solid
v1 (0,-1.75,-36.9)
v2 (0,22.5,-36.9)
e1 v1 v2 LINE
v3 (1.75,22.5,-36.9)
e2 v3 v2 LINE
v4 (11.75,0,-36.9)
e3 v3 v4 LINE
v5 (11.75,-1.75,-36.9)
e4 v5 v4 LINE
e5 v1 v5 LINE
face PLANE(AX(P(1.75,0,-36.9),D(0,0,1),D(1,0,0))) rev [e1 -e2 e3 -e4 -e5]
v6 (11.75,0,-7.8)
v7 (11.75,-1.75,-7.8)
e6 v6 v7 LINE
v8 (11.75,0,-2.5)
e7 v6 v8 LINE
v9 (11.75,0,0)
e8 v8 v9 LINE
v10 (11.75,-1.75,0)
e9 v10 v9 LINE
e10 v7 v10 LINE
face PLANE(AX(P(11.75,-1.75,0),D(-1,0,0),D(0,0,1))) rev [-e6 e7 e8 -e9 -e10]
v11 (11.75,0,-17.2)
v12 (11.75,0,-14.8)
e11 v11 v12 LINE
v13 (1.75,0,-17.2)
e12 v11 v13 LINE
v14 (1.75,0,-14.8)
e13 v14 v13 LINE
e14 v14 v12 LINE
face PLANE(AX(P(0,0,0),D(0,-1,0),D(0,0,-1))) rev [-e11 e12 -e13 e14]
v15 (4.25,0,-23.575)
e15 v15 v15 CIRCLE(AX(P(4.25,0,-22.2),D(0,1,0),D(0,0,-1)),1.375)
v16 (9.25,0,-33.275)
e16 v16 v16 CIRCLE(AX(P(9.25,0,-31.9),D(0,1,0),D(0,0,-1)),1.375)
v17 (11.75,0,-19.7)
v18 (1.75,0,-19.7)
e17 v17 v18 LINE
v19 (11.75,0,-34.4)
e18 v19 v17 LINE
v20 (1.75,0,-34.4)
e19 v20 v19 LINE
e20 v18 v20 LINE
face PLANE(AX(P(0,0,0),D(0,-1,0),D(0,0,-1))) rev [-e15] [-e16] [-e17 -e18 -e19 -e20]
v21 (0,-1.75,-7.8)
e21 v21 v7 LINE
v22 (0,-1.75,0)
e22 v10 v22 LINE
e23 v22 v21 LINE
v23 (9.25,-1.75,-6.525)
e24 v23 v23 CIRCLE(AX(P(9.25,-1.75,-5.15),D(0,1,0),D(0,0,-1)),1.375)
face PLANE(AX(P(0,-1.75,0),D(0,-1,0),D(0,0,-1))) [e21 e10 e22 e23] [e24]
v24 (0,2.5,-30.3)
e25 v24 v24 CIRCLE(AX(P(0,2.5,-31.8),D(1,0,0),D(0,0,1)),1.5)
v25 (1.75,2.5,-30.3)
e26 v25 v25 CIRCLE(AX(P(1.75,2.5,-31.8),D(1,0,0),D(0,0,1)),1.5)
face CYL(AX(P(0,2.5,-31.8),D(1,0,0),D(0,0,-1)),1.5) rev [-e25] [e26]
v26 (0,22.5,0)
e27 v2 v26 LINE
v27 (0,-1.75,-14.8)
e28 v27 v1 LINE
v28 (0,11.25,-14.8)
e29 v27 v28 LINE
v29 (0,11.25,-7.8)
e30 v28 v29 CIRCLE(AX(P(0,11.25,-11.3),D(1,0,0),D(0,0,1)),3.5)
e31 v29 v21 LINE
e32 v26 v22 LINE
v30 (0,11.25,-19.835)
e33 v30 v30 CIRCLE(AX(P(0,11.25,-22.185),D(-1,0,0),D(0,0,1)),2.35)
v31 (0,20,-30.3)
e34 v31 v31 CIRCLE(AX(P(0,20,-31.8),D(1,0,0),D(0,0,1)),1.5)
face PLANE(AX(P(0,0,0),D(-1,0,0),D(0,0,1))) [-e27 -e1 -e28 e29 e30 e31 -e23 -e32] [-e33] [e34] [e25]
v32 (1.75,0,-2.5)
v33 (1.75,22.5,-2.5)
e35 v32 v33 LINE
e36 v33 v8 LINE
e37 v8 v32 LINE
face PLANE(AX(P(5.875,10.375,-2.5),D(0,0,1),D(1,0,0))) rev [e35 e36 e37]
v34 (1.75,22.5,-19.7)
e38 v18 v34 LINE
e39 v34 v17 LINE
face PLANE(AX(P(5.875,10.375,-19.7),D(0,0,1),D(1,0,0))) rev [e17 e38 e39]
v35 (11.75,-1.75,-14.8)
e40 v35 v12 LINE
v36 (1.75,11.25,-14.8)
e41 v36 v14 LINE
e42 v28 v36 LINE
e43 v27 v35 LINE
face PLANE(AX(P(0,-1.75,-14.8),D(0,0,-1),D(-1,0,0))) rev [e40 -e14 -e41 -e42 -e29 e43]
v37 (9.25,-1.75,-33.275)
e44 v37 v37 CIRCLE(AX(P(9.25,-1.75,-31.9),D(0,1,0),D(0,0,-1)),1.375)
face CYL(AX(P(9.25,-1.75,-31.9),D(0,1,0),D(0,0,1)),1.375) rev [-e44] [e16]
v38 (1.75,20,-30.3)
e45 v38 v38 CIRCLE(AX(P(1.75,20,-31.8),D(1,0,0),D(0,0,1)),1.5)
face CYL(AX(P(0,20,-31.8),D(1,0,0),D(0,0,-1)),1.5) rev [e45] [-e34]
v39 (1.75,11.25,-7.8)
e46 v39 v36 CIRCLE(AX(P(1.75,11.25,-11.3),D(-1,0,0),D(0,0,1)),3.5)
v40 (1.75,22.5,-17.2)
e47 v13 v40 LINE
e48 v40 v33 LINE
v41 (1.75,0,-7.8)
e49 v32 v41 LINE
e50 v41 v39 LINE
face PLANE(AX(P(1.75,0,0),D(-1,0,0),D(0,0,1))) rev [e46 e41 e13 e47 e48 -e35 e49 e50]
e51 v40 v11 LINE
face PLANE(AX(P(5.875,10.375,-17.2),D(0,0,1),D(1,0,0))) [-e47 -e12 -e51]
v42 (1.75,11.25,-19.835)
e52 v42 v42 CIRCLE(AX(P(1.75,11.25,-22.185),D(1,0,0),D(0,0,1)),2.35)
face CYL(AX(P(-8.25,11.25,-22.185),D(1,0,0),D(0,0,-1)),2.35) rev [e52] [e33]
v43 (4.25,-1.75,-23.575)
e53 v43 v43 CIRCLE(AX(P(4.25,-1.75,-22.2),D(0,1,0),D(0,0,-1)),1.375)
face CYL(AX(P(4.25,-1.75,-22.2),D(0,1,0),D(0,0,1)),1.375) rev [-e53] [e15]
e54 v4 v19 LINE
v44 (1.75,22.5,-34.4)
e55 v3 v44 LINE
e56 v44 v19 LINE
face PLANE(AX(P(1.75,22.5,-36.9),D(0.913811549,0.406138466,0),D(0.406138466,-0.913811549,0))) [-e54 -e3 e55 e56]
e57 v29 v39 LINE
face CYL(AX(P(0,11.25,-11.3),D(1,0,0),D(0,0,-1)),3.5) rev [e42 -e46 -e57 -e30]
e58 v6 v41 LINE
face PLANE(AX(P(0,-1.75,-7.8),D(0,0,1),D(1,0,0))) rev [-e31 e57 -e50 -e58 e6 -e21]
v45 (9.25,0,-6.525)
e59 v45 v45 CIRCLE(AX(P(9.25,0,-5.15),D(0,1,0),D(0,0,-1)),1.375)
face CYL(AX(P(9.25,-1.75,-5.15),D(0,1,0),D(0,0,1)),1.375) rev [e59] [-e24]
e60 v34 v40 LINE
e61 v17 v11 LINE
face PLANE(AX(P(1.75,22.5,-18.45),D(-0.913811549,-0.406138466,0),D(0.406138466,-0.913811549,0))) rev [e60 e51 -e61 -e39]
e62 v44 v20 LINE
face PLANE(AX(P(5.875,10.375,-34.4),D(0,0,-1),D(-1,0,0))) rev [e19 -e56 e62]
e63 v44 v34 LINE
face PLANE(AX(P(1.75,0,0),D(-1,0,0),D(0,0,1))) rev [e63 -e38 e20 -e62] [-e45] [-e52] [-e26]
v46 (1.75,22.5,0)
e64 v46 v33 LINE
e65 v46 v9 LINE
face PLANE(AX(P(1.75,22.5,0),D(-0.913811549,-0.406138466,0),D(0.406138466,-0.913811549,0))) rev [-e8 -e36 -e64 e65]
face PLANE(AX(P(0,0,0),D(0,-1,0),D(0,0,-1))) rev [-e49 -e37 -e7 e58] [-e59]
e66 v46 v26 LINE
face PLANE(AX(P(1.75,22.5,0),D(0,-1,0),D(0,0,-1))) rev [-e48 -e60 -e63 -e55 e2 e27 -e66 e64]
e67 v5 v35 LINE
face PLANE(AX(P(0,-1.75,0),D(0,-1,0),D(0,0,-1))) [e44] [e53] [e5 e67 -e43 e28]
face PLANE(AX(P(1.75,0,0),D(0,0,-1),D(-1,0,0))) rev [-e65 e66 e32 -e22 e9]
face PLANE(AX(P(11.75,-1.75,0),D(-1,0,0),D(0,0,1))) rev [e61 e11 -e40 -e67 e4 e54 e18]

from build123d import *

# Parameters (mm, degrees)
SKETCH1_W                   = 36.9
SKETCH1_H                   = 22.5
BASEPLATE_DEPTH             = 1.75
SKETCH2_W                   = 11.75
SKETCH2_H                   = 36.9
BOSS_EXTRUDE2_DEPTH         = 1.75
SUPPORT1_REACH              = 46.788
SKETCH3_WALL_W              = 116.197196834
SKETCH3_WALL_H              = 2.5
SUPPORT3_REACH              = 33.38
SKETCH4_WALL_W              = 89.382482298
SKETCH4_WALL_H              = 2.5
SKETCH5_R                   = 1.5
MOTOR_MOUNTINGHOLES_DEPTH   = 45.360568076
SHAFTSLOT_DEPTH             = 45.787526165
SKETCH8_R                   = 1.375
CHASSIS_MOUNTINGHOLES_DEPTH = 45.787526165
SKETCH9_R                   = 2.35
INDENTHOLE_DEPTH            = 10


with BuildPart() as part:
    # Sketch1 → basePlate (new body)
    with BuildSketch(Plane(origin=(0, 0, 0), x_dir=(0, 0, -1), z_dir=(1, 0, 0))):
        with Locations((18.45, 11.25)):
            Rectangle(SKETCH1_W, SKETCH1_H)
    extrude(amount=BASEPLATE_DEPTH)

    # Sketch2 → Boss-Extrude2 (add)
    with BuildSketch(Plane.XZ):
        with Locations((5.875, -18.45)):
            Rectangle(SKETCH2_W, SKETCH2_H)
    extrude(amount=BOSS_EXTRUDE2_DEPTH)

    # Sketch3 wall → support1 (add, up to next)
    with BuildSketch(Plane(origin=(6.75, 11.25, 0), x_dir=(0.406138466053, -0.91381154862, 0), z_dir=(0.91381154862, 0.406138466053, 0)), mode=Mode.PRIVATE) as support1_sk1:
        with Locations((0, 1.25)):
            Rectangle(SKETCH3_WALL_W, SKETCH3_WALL_H)
    support1_tool1 = extrude(support1_sk1.sketch, amount=-SUPPORT1_REACH, mode=Mode.PRIVATE) - part.part
    support1 = support1_tool1.solids().sort_by_distance((6.75, 11.25, 0))[0]
    add(support1)

    # support2: support1 across plane
    add(support1.mirror(Plane.XY.offset(-18.45)))

    # Sketch4 wall → support3 (add, up to next)
    with BuildSketch(Plane(origin=(6.75, 11.25, -18.45), x_dir=(0.406138466053, -0.91381154862, 0), z_dir=(0.91381154862, 0.406138466053, 0)), mode=Mode.PRIVATE) as support3_sk1:
        Rectangle(SKETCH4_WALL_W, SKETCH4_WALL_H)
    support3_tool1 = extrude(support3_sk1.sketch, amount=-SUPPORT3_REACH, mode=Mode.PRIVATE) - part.part
    add(support3_tool1.solids().sort_by_distance((6.75, 11.25, -18.45))[0])

    # Sketch5 → motor_mountingHoles (cut, through all)
    with BuildSketch(Plane(origin=(1.75, 0, 0), x_dir=(0, 0, -1), z_dir=(1, 0, 0))):
        with Locations(Location((31.8, 2.5, 0), (0, 0, 180))):
            Circle(SKETCH5_R)
        with Locations(Location((31.8, 20, 0), (0, 0, 180))):
            Circle(SKETCH5_R)
    extrude(amount=-MOTOR_MOUNTINGHOLES_DEPTH, mode=Mode.SUBTRACT)

    # Sketch7 → shaftSlot (cut, through all)
    with BuildSketch(Plane(origin=(11.75, 0, 0), x_dir=(0, 0, -1), z_dir=(1, 0, 0))):
        with BuildLine():
            Line((7.8, -1.75), (7.8, 11.25))
            ThreePointArc((7.8, 11.25), (11.3, 14.75), (14.8, 11.25))
            Line((14.8, 11.25), (14.8, -1.75))
            Line((14.8, -1.75), (7.8, -1.75))
        make_face()
    extrude(amount=-SHAFTSLOT_DEPTH, mode=Mode.SUBTRACT)

    # Sketch8 → chassis_mountingHoles (cut, through all)
    with BuildSketch(Plane(origin=(0, 0, 0), x_dir=(1, 0, 0), z_dir=(0, 1, 0))):
        with Locations(Location((9.25, 5.15, 0), (0, 0, 90))):
            Circle(SKETCH8_R)
        with Locations(Location((9.25, 31.9, 0), (0, 0, 90))):
            Circle(SKETCH8_R)
        with Locations(Location((4.25, 22.2, 0), (0, 0, 90))):
            Circle(SKETCH8_R)
    extrude(amount=-CHASSIS_MOUNTINGHOLES_DEPTH, mode=Mode.SUBTRACT)

    # Sketch9 → indentHole (cut)
    with BuildSketch(Plane(origin=(1.75, 0, 0), x_dir=(0, 0, -1), z_dir=(1, 0, 0))):
        with Locations(Location((22.185, 11.25, 0), (0, 0, 180))):
            Circle(SKETCH9_R)
    extrude(amount=-INDENTHOLE_DEPTH, mode=Mode.SUBTRACT)


solid = part.part
